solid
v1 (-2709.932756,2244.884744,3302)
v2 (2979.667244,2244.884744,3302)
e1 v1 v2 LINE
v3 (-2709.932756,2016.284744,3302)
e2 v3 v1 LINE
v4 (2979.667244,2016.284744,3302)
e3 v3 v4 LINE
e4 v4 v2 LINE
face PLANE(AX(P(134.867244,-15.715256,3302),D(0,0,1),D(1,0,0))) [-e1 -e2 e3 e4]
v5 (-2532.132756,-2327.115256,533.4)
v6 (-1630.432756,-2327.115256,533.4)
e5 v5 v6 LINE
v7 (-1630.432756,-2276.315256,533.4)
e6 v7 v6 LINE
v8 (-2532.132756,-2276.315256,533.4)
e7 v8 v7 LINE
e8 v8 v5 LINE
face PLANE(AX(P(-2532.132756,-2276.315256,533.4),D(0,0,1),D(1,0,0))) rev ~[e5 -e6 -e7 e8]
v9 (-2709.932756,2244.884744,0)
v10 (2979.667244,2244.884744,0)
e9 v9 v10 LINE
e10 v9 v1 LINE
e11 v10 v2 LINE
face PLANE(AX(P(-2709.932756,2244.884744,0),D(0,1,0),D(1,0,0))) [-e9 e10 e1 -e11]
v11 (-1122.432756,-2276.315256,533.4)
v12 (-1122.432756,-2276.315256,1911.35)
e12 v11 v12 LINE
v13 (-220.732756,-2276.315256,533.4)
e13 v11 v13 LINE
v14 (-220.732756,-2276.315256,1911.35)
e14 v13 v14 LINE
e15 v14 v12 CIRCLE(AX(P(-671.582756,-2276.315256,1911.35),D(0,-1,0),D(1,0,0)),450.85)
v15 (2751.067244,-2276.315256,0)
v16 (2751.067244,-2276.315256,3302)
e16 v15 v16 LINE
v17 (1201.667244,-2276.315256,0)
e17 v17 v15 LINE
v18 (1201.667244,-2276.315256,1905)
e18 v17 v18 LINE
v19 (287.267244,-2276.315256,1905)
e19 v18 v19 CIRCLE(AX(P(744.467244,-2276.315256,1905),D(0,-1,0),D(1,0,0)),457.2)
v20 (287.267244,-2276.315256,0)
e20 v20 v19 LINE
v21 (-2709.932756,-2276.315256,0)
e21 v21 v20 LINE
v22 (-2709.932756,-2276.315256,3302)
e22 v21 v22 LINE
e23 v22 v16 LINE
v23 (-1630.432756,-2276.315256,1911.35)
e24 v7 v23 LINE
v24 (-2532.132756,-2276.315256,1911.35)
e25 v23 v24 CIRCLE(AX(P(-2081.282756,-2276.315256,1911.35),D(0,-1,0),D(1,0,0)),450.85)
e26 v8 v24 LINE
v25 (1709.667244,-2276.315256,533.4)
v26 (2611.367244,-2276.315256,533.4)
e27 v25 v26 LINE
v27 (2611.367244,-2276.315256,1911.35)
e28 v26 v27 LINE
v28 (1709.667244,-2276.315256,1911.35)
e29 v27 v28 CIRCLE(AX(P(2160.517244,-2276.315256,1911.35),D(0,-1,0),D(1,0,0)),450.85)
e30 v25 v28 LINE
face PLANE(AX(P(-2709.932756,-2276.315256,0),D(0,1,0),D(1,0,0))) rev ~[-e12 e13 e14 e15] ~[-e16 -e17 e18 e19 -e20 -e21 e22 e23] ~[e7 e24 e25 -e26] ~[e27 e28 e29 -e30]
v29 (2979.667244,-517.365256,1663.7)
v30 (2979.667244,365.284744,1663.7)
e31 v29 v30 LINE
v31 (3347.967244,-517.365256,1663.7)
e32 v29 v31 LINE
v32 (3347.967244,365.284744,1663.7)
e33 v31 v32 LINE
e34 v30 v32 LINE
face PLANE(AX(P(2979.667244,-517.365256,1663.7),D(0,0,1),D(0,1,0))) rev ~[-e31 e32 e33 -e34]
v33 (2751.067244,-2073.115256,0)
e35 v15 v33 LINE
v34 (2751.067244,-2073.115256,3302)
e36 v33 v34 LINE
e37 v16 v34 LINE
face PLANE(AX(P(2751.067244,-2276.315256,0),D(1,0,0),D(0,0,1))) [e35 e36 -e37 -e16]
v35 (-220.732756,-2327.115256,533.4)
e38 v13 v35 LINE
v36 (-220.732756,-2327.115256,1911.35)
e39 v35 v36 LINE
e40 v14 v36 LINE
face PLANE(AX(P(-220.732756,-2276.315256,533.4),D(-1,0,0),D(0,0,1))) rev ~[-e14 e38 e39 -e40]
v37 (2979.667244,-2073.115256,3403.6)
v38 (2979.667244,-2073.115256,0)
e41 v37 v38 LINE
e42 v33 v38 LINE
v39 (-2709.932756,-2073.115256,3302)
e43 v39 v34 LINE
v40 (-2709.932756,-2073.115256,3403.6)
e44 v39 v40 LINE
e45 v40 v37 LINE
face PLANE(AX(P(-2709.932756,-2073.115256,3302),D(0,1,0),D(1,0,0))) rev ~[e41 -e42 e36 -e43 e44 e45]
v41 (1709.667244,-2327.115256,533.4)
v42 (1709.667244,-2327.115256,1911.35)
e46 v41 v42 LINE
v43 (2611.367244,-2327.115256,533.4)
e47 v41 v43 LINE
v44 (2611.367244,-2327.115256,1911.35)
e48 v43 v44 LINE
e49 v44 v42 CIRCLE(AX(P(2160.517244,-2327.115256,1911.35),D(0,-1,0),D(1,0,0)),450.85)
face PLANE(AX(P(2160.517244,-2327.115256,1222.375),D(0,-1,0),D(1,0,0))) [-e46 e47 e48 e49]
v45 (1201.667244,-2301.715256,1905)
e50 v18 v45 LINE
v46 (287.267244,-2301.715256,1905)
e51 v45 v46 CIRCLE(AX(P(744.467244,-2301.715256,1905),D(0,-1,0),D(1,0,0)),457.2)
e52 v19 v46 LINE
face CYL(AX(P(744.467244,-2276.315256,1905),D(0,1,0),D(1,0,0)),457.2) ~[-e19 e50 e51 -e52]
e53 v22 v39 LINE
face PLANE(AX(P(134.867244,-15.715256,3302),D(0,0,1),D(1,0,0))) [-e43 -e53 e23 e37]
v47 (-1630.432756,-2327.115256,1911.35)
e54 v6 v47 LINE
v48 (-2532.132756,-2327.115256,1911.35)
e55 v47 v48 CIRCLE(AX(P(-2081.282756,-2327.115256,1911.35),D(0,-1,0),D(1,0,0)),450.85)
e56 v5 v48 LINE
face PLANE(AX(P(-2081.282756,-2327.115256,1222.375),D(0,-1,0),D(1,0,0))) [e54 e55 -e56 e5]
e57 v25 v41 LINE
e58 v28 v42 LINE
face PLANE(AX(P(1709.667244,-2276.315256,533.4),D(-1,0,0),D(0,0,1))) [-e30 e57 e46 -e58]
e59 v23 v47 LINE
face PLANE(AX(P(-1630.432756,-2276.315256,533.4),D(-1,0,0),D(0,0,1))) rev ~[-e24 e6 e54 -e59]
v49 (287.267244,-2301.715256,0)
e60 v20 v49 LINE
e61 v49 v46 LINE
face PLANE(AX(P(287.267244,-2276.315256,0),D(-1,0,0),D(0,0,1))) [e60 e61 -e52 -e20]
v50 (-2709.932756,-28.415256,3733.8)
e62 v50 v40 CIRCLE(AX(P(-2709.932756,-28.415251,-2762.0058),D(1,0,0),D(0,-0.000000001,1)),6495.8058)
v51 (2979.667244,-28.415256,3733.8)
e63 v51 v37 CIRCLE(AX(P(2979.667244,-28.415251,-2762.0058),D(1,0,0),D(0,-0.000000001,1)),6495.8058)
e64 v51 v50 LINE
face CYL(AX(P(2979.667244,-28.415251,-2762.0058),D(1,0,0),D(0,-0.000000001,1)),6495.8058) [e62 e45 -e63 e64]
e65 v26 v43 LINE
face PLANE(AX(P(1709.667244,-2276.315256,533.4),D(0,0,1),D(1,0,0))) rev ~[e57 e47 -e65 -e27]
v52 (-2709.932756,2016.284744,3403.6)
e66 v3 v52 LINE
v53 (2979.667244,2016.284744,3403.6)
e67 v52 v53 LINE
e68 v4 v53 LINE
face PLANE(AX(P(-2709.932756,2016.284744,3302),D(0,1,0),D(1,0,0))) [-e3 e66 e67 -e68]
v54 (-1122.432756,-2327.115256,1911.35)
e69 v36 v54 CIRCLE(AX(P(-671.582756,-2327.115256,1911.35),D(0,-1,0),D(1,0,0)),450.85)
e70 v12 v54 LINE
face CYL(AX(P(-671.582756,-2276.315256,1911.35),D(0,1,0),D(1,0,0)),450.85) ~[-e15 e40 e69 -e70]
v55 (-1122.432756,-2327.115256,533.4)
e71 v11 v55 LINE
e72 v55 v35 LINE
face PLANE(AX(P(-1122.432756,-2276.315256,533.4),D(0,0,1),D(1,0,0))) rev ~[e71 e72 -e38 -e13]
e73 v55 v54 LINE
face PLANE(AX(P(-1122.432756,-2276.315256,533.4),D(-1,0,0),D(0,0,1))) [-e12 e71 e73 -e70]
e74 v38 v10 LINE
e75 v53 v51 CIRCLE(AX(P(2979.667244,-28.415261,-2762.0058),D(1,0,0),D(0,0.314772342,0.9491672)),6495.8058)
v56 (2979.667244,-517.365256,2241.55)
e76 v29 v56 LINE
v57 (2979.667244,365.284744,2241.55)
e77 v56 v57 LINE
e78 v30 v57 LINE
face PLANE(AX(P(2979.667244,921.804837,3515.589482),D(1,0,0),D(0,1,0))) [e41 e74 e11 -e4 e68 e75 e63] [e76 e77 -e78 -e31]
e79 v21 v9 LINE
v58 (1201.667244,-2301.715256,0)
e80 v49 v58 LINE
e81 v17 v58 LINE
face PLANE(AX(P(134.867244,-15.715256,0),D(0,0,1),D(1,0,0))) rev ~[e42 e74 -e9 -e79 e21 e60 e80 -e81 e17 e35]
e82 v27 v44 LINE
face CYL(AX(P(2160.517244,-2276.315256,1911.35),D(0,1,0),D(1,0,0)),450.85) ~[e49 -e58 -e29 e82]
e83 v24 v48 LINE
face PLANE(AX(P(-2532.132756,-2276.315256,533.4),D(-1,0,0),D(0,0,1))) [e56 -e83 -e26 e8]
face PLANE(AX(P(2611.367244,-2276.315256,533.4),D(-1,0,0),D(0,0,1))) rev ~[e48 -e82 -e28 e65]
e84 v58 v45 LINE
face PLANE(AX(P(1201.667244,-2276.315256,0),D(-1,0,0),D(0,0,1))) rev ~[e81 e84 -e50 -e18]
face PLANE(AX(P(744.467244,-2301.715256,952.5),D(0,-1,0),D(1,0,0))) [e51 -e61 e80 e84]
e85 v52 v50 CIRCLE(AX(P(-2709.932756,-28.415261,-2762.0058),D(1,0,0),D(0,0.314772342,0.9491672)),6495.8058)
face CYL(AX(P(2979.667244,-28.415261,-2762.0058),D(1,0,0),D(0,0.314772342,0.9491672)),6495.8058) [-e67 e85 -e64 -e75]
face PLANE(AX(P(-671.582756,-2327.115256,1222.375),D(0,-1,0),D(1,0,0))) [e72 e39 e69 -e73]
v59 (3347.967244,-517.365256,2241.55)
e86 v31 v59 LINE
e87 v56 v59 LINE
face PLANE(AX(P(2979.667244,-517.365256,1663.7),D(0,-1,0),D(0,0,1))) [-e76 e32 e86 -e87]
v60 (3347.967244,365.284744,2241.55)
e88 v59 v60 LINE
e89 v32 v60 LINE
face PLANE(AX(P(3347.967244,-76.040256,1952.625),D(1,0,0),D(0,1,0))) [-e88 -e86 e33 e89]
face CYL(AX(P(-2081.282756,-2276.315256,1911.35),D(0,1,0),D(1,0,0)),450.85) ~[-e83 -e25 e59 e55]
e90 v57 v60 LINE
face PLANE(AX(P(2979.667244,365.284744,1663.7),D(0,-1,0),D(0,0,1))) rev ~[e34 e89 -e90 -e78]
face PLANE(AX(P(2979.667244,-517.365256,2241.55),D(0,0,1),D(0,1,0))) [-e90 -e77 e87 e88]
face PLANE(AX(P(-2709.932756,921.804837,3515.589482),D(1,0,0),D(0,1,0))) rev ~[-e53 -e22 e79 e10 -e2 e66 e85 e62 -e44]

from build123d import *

# Parameters (mm, degrees)
F0_W      = 5689.6
F0_H      = 4521.2
F1_DEPTH  = 3302
F2_W      = 5689.6
F2_H      = 4089.4
F3_DEPTH  = 101.6
F5_DEPTH  = 5689.6
F6_W      = 882.65
F6_H      = 577.85
F7_DEPTH  = 368.3
F8_W      = 228.6
F8_H      = 3302
F9_DEPTH  = 203.2
F8_W_2    = 901.7
F8_H_2    = 1377.95
F10_DEPTH = 50.8
F8_W_3    = 914.4
F8_H_3    = 1905
F11_DEPTH = 25.4


with BuildPart() as f1:
    # F0 (on Top) → F1 (new body)
    with BuildSketch(Plane.XY):
        with Locations((134.867244, -15.715256)):
            Rectangle(F0_W, F0_H)
    extrude(amount=F1_DEPTH)

    # F2 (on face) → F3 (join)
    with BuildSketch(Plane.XY.offset(3302)):
        with Locations((134.867244, -28.415256)):
            Rectangle(F2_W, F2_H)
    extrude(amount=F3_DEPTH)

    # F4 (on face) → F5 (join, through all)
    with BuildSketch(Plane.YZ.offset(2979.667244)):
        with BuildLine():
            Line((-28.415256, 3403.6), (2016.284744, 3403.6))
            ThreePointArc((2016.284744, 3403.6), (1007.179999, 3650.718695), (-28.415256, 3733.8))
            Line((-28.415256, 3733.8), (-28.415256, 3403.6))
        make_face()
        with BuildLine():
            Line((-28.415256, 3403.6), (-28.415256, 3733.8))
            ThreePointArc((-28.415256, 3733.8), (-1064.010511, 3650.718695), (-2073.115256, 3403.6))
            Line((-2073.115256, 3403.6), (-28.415256, 3403.6))
        make_face()
    extrude(amount=-F5_DEPTH)

    # F6 (on face) → F7 (join)
    with BuildSketch(Plane.YZ.offset(2979.667244)):
        with Locations((-76.040256, 1952.625)):
            Rectangle(F6_W, F6_H)
    extrude(amount=F7_DEPTH)

    # F8 (on face) → F9 (cut, through all)
    with BuildSketch(Plane.XZ.offset(2276.315256)):
        with Locations((2865.367244, 1651)):
            Rectangle(F8_W, F8_H)
    extrude(amount=-F9_DEPTH, mode=Mode.SUBTRACT)

    # F8 (on face) → F10 (join)
    with BuildSketch(Plane.XZ.offset(2276.315256)):
        with Locations((-2081.282756, 1222.375)):
            Rectangle(F8_W_2, F8_H_2)
        with BuildLine():
            ThreePointArc((-1630.432756, 1911.35), (-2081.282756, 2362.2), (-2532.132756, 1911.35))
            Line((-2532.132756, 1911.35), (-1630.432756, 1911.35))
        make_face()
        with Locations((-671.582756, 1222.375)):
            Rectangle(F8_W_2, F8_H_2)
        with BuildLine():
            ThreePointArc((-220.732756, 1911.35), (-671.582756, 2362.2), (-1122.432756, 1911.35))
            Line((-1122.432756, 1911.35), (-220.732756, 1911.35))
        make_face()
        with Locations((2160.517244, 1222.375)):
            Rectangle(F8_W_2, F8_H_2)
        with BuildLine():
            ThreePointArc((2611.367244, 1911.35), (2160.517244, 2362.2), (1709.667244, 1911.35))
            Line((1709.667244, 1911.35), (2611.367244, 1911.35))
        make_face()
    extrude(amount=F10_DEPTH)

    # F8 (on face) → F11 (join)
    with BuildSketch(Plane.XZ.offset(2276.315256)):
        with Locations((744.467244, 952.5)):
            Rectangle(F8_W_3, F8_H_3)
        with BuildLine():
            ThreePointArc((1201.667244, 1905), (744.467244, 2362.2), (287.267244, 1905))
            Line((287.267244, 1905), (1201.667244, 1905))
        make_face()
    extrude(amount=F11_DEPTH)


solid = f1.part
